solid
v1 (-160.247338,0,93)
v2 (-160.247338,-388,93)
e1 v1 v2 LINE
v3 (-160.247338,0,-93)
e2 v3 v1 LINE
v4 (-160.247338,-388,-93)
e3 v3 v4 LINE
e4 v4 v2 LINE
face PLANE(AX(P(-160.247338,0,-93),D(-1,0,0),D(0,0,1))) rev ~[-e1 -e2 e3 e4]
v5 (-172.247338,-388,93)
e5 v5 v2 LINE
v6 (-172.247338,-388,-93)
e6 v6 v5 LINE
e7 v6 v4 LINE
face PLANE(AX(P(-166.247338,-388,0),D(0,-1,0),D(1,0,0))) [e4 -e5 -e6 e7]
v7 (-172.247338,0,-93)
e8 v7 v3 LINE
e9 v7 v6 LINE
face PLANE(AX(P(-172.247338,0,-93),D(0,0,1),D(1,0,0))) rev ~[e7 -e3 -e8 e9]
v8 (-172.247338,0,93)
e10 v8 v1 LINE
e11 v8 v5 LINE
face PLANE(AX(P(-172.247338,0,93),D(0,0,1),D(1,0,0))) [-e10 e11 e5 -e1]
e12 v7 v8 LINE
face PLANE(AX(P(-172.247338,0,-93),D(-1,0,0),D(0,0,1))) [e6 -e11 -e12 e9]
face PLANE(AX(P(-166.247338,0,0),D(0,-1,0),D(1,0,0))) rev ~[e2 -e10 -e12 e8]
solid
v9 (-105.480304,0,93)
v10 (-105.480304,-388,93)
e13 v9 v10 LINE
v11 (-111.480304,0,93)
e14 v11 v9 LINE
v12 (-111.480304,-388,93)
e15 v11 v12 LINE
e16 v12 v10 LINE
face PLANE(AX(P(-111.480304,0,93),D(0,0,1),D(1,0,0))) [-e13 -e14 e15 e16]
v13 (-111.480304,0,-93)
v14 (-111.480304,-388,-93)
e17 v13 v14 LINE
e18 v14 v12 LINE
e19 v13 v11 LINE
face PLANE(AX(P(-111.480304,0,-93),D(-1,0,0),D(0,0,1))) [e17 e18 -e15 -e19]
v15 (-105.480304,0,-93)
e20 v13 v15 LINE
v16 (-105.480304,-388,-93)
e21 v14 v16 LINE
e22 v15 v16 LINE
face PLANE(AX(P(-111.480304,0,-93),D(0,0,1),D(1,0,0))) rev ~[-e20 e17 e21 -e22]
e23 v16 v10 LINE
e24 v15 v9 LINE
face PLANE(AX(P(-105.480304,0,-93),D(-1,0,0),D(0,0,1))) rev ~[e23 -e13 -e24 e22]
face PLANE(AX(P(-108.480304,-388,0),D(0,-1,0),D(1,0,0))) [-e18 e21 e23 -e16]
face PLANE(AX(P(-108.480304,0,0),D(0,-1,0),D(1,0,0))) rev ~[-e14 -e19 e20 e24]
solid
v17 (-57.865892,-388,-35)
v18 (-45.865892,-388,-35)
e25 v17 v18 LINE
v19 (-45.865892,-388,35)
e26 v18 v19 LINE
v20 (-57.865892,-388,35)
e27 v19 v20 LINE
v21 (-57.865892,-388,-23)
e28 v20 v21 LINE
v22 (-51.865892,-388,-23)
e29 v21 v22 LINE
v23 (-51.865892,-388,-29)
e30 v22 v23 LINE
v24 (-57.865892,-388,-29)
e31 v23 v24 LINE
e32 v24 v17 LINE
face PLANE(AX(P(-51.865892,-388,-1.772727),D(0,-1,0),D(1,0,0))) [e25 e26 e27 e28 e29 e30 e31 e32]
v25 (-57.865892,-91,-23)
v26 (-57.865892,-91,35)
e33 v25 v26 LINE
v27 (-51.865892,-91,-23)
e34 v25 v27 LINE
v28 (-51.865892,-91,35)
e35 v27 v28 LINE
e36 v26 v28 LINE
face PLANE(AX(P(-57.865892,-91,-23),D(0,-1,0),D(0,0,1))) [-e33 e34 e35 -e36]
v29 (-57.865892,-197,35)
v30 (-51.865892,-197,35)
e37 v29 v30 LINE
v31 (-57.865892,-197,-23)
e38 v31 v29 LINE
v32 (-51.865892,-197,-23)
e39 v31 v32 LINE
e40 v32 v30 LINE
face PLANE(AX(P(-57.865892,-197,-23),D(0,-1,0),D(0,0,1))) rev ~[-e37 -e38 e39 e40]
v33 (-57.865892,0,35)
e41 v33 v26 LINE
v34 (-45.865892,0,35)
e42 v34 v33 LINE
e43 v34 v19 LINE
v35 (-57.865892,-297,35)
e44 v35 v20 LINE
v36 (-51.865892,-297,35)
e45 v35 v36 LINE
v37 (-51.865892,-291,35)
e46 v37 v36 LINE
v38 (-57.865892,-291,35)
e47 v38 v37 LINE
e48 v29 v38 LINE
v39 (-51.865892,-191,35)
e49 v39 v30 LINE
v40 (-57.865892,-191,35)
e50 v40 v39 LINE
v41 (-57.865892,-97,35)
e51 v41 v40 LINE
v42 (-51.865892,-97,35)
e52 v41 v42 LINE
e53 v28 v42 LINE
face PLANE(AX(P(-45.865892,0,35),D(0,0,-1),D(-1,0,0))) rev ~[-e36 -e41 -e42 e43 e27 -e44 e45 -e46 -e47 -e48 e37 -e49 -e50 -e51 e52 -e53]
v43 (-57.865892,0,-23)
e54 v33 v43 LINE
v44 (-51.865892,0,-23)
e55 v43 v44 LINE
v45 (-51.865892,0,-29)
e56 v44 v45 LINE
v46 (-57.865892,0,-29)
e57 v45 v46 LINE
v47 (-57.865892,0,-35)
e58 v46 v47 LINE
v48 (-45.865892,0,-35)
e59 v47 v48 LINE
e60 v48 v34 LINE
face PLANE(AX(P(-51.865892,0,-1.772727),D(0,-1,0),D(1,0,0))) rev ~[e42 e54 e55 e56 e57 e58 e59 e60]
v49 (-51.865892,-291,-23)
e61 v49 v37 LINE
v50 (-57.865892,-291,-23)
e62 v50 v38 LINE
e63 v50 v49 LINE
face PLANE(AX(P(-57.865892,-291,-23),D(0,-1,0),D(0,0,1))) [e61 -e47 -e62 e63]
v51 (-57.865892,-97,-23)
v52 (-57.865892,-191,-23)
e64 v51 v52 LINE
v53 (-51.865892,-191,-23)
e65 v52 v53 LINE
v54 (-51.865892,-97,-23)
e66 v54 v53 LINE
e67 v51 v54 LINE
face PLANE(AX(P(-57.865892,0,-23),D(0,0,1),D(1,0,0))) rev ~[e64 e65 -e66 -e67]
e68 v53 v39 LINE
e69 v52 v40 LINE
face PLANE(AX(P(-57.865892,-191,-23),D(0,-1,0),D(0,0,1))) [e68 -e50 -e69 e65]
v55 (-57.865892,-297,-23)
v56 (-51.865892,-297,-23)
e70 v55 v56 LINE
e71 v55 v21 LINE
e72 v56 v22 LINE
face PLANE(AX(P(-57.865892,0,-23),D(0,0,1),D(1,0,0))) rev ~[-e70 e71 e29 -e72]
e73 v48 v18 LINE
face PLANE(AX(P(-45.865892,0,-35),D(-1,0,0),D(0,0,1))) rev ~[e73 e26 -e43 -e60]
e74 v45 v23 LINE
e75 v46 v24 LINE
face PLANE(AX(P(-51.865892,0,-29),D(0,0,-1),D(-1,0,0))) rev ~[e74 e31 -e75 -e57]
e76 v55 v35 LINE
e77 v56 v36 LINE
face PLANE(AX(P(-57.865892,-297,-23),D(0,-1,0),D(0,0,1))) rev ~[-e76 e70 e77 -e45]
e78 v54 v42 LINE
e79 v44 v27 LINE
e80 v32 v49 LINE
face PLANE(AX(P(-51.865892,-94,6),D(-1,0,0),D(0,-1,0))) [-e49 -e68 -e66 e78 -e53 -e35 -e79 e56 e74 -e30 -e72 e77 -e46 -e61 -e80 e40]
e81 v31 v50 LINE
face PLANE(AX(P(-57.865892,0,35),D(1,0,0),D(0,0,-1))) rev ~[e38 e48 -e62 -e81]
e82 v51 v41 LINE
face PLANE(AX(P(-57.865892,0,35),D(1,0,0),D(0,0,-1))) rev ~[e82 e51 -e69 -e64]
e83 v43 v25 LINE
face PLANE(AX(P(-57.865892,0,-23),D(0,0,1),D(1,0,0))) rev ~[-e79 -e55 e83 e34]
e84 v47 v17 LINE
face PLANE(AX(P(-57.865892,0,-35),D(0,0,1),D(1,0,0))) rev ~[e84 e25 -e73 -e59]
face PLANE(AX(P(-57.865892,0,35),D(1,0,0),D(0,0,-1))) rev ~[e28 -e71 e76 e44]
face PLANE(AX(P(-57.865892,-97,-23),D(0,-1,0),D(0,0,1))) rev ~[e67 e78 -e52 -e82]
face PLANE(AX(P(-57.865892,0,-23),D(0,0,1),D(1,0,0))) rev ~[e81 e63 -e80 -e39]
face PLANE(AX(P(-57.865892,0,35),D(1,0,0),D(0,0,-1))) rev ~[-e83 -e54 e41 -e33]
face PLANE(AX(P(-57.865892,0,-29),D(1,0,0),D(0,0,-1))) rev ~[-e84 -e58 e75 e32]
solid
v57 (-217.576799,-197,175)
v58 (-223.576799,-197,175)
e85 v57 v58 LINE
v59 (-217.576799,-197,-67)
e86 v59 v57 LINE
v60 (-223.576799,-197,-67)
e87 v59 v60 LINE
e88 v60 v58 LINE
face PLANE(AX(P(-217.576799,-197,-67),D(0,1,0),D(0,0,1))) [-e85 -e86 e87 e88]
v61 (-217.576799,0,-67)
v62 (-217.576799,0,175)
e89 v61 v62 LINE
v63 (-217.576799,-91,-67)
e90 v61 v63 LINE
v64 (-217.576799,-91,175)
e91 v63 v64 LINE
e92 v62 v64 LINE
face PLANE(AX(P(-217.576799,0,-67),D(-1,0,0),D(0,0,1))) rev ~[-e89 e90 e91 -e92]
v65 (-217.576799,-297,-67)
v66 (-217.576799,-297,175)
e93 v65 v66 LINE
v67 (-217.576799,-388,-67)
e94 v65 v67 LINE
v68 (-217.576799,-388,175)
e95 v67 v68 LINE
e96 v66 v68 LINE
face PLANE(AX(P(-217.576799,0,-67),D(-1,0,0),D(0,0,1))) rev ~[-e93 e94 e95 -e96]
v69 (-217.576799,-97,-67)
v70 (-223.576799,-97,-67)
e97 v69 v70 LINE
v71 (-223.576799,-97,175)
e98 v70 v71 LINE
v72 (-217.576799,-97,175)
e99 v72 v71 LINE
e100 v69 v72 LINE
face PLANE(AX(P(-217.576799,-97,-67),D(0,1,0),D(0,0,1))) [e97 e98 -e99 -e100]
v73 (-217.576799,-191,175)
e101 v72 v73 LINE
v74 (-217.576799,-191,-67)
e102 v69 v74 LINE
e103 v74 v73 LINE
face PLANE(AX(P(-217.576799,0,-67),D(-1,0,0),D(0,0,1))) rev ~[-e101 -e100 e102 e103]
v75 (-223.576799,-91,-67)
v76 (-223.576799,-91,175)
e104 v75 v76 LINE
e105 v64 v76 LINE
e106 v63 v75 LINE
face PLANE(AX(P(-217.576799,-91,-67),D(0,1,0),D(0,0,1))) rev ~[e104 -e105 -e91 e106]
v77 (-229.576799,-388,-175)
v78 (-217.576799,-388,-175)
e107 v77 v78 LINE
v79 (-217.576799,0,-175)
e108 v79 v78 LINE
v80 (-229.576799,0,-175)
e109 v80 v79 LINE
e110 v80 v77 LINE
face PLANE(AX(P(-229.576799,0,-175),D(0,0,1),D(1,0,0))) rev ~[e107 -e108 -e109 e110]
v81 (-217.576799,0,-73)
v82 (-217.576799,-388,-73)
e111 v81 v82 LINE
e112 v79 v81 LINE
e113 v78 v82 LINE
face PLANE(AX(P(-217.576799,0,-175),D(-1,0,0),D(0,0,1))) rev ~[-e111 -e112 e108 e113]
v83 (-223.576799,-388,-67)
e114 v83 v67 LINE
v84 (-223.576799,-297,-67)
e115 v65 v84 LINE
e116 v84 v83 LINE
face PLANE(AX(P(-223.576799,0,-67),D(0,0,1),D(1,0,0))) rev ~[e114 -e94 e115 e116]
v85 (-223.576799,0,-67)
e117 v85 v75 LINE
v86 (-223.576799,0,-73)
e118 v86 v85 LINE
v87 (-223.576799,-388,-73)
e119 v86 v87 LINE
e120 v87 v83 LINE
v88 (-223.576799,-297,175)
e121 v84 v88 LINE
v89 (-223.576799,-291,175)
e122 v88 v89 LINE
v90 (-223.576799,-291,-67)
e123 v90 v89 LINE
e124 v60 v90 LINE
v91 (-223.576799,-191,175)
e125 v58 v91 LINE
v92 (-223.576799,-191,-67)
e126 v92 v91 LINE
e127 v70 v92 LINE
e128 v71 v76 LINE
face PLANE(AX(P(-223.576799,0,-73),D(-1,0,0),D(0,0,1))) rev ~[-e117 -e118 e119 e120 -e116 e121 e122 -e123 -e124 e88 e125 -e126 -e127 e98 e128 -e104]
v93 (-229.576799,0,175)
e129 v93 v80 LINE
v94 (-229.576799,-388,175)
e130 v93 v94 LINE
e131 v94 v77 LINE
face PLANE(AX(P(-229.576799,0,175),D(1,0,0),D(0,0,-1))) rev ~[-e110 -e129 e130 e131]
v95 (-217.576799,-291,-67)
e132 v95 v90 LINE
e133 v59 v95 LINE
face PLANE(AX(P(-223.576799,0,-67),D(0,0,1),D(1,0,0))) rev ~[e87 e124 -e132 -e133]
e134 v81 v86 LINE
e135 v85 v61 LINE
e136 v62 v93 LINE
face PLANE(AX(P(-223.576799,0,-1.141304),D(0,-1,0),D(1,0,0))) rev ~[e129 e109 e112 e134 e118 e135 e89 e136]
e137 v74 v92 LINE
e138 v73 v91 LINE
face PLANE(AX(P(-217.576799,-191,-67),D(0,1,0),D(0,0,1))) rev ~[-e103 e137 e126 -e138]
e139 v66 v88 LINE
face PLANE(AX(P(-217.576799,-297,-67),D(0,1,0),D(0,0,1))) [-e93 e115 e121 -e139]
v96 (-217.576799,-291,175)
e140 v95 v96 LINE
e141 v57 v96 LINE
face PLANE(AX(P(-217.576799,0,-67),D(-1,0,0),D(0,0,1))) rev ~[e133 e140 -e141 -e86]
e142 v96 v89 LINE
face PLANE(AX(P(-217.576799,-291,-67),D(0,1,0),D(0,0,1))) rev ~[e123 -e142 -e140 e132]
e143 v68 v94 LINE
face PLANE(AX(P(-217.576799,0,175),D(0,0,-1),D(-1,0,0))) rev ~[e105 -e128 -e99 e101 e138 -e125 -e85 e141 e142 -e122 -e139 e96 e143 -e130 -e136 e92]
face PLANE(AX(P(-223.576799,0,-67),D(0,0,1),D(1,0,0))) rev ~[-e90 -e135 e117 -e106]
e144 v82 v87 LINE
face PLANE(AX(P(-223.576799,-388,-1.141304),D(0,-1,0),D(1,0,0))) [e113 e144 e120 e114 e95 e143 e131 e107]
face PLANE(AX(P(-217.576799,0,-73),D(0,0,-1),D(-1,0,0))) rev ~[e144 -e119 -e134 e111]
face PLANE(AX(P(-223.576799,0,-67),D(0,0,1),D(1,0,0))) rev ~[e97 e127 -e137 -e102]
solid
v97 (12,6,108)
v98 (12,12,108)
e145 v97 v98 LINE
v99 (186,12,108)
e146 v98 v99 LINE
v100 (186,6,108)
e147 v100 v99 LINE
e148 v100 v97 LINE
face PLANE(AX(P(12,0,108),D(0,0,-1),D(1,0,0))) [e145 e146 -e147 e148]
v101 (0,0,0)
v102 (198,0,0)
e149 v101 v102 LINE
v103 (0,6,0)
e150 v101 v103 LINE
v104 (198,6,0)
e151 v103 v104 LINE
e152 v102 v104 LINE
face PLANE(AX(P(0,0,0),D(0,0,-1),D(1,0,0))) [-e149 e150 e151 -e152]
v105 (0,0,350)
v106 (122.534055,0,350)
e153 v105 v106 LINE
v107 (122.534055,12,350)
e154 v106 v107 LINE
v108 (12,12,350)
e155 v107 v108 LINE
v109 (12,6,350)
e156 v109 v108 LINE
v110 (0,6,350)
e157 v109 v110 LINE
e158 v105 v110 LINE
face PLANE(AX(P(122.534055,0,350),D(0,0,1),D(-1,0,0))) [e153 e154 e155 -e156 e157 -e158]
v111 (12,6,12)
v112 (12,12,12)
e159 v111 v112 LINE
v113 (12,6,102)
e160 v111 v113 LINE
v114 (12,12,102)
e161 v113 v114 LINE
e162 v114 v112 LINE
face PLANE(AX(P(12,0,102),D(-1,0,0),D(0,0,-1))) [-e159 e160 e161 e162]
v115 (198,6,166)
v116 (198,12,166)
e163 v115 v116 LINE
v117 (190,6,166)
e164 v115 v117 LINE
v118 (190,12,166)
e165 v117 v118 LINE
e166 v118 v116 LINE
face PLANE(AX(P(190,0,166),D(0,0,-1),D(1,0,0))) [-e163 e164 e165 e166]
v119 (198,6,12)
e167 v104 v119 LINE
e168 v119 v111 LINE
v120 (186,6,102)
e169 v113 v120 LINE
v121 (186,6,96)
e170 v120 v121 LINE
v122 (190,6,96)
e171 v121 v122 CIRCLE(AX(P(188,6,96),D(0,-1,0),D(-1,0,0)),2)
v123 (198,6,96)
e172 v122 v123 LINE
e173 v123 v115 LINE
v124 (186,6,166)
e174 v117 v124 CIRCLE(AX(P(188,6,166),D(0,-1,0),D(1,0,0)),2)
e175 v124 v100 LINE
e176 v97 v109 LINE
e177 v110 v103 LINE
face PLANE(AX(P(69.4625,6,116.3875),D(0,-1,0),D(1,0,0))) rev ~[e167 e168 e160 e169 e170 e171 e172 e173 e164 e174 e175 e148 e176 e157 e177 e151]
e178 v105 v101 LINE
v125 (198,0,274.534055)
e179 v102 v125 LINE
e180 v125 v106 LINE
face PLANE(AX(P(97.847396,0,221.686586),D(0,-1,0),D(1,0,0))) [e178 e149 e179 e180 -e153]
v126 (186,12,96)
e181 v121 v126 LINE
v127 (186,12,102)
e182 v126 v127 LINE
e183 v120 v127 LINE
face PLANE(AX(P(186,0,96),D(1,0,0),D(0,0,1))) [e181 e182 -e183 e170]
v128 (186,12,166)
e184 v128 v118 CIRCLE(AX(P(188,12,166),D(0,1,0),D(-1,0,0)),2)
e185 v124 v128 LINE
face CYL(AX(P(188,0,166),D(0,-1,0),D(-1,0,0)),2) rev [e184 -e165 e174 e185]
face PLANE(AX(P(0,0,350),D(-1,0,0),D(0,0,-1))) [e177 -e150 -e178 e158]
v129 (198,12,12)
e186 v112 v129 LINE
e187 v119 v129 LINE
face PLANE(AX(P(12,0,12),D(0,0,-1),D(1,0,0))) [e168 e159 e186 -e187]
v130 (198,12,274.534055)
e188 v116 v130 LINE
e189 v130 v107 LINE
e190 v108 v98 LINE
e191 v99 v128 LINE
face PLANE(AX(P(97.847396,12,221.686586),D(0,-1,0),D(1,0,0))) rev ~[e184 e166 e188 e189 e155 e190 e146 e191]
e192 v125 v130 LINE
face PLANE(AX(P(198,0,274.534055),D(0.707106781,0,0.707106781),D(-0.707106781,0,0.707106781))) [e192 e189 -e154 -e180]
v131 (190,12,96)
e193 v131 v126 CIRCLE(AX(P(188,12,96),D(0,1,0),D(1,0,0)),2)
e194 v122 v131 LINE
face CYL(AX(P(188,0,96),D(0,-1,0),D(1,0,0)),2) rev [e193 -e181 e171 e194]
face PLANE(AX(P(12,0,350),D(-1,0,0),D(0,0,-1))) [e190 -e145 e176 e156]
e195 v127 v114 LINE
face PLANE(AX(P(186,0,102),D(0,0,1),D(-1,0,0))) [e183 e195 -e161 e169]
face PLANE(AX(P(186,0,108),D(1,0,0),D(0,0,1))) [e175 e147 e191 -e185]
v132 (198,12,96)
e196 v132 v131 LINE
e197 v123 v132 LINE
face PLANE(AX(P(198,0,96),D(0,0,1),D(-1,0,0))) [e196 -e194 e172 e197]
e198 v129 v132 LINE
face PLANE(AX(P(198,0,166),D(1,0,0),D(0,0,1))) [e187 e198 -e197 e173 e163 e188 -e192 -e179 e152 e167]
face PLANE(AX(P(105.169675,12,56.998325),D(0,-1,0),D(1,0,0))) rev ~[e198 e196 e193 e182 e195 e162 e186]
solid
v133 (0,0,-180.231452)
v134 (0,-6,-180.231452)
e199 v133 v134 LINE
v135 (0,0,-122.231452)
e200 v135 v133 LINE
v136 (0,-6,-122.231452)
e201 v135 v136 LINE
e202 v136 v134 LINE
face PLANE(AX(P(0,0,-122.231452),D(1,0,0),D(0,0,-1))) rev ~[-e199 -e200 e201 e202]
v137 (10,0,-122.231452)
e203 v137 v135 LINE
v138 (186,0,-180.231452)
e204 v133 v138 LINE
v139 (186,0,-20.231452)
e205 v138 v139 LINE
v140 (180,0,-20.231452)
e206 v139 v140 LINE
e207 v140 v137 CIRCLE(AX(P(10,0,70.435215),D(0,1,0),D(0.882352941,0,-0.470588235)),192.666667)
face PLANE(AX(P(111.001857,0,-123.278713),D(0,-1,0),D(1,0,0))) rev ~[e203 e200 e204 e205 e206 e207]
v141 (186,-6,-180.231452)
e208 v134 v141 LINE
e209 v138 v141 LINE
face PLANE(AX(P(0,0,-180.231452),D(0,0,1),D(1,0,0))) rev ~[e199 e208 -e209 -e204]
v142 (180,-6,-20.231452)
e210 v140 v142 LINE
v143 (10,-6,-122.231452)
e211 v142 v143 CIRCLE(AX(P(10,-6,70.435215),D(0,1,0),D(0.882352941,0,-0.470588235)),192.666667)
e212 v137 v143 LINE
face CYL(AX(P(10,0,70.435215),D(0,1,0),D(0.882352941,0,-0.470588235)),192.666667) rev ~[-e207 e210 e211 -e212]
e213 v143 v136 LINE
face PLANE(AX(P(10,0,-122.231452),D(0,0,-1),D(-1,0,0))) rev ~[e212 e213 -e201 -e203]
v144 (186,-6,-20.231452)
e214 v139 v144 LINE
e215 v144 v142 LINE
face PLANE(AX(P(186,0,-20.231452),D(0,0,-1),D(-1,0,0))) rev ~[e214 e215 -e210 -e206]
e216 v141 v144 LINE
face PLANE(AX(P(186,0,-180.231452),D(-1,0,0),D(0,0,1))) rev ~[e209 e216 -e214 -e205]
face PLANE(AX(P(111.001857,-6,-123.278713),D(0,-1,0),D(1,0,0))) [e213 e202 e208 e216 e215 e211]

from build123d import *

# Parameters (mm, degrees)
F4_DEPTH  = 6
F5_DEPTH  = 12
F7_DEPTH  = 388
F6_W      = 6
F6_H      = 186
F6_W_2    = 12
F8_W      = 6
F8_H      = 242
F9_DEPTH  = 6
F10_W     = 6
F10_H     = 58
F11_DEPTH = 6
F13_DEPTH = 6


with BuildPart() as f4:
    # F3 (on Front) → F4 (new body)
    with BuildSketch(Plane.XZ):
        with BuildLine():
            Line((0, 350), (0, 0))
            Line((0, 0), (198, 0))
            Line((198, 0), (198, 12))
            Line((198, 12), (12, 12))
            Line((12, 12), (12, 102))
            Line((12, 102), (186, 102))
            Line((186, 102), (186, 96))
            ThreePointArc((186, 96), (188, 94), (190, 96))
            Line((190, 96), (198, 96))
            Line((198, 96), (198, 166))
            Line((198, 166), (190, 166))
            ThreePointArc((190, 166), (188, 168), (186, 166))
            Line((186, 166), (186, 108))
            Line((186, 108), (12, 108))
            Line((12, 108), (12, 350))
            Line((12, 350), (0, 350))
        make_face()
    extrude(amount=-F4_DEPTH)

    # F3 (on Front) → F5 (join)
    with BuildSketch(Plane.XZ):
        with BuildLine():
            Line((122.5340546095, 350), (12, 350))
            Line((12, 350), (12, 108))
            Line((12, 108), (186, 108))
            Line((186, 108), (186, 166))
            ThreePointArc((186, 166), (188, 168), (190, 166))
            Line((190, 166), (198, 166))
            Line((198, 166), (198, 274.5340546095))
            Line((198, 274.5340546095), (122.5340546095, 350))
        make_face()
        with BuildLine():
            Line((12, 12), (198, 12))
            Line((198, 12), (198, 96))
            Line((198, 96), (190, 96))
            ThreePointArc((190, 96), (188, 94), (186, 96))
            Line((186, 96), (186, 102))
            Line((186, 102), (12, 102))
            Line((12, 102), (12, 12))
        make_face()
    extrude(amount=-F5_DEPTH)


with BuildPart() as f7:
    # F6 (on Front) → F7 (new body)
    with BuildSketch(Plane.XZ):
        Polygon((-45.8658916792, 35), (-57.8658916792, 35), (-57.8658916792, -23), (-51.8658916792, -23), (-51.8658916792, -29), (-57.8658916792, -29), (-57.8658916792, -35), (-45.8658916792, -35), align=None)
    extrude(amount=F7_DEPTH)

    # F10 (on face) → F11 (cut)
    with BuildSketch(Plane(origin=(-57.8658916792, 0, 0), x_dir=(0, -1, 0), z_dir=(-1, 0, 0))):
        with Locations((194, 6)):
            Rectangle(F10_W, F10_H)
        with Locations((294, 6)):
            Rectangle(F10_W, F10_H)
        with Locations((94, 6)):
            Rectangle(F10_W, F10_H)
    extrude(amount=-F11_DEPTH, mode=Mode.SUBTRACT)


with BuildPart() as f7b:
    # F6 (on Front) → F7, piece 2 (new body)
    with BuildSketch(Plane.XZ):
        with Locations((-108.4803044796, 0)):
            Rectangle(F6_W, F6_H)
    extrude(amount=F7_DEPTH)


with BuildPart() as f7c:
    # F6 (on Front) → F7, piece 3 (new body)
    with BuildSketch(Plane.XZ):
        Polygon((-229.5767990351, -175), (-217.5767990351, -175), (-217.5767990351, -73), (-223.5767990351, -73), (-223.5767990351, -67), (-217.5767990351, -67), (-217.5767990351, 175), (-229.5767990351, 175), align=None)
    extrude(amount=F7_DEPTH)

    # F8 (on face) → F9 (cut)
    with BuildSketch(Plane.YZ.offset(-217.5767990351)):
        with Locations((-194, 54)):
            Rectangle(F8_W, F8_H)
        with Locations((-294, 54)):
            Rectangle(F8_W, F8_H)
        with Locations((-94, 54)):
            Rectangle(F8_W, F8_H)
    extrude(amount=-F9_DEPTH, mode=Mode.SUBTRACT)


with BuildPart() as f7d:
    # F6 (on Front) → F7, piece 4 (new body)
    with BuildSketch(Plane.XZ):
        with Locations((-166.2473380566, 0)):
            Rectangle(F6_W_2, F6_H)
    extrude(amount=F7_DEPTH)


with BuildPart() as f13:
    # F12 (on Front) → F13 (new body)
    with BuildSketch(Plane.XZ):
        with BuildLine():
            Line((10, -122.2314518392), (0, -122.2314518392))
            Line((0, -122.2314518392), (0, -180.2314518392))
            Line((0, -180.2314518392), (186, -180.2314518392))
            Line((186, -180.2314518392), (186, -20.2314518392))
            Line((186, -20.2314518392), (180, -20.2314518392))
            ThreePointArc((180, -20.2314518392), (109.1261822124, -94.7750888598), (10, -122.2314518392))
        make_face()
    extrude(amount=F13_DEPTH)


solid = Compound([f4.part, f7.part, f7b.part, f7c.part, f7d.part, f13.part])
